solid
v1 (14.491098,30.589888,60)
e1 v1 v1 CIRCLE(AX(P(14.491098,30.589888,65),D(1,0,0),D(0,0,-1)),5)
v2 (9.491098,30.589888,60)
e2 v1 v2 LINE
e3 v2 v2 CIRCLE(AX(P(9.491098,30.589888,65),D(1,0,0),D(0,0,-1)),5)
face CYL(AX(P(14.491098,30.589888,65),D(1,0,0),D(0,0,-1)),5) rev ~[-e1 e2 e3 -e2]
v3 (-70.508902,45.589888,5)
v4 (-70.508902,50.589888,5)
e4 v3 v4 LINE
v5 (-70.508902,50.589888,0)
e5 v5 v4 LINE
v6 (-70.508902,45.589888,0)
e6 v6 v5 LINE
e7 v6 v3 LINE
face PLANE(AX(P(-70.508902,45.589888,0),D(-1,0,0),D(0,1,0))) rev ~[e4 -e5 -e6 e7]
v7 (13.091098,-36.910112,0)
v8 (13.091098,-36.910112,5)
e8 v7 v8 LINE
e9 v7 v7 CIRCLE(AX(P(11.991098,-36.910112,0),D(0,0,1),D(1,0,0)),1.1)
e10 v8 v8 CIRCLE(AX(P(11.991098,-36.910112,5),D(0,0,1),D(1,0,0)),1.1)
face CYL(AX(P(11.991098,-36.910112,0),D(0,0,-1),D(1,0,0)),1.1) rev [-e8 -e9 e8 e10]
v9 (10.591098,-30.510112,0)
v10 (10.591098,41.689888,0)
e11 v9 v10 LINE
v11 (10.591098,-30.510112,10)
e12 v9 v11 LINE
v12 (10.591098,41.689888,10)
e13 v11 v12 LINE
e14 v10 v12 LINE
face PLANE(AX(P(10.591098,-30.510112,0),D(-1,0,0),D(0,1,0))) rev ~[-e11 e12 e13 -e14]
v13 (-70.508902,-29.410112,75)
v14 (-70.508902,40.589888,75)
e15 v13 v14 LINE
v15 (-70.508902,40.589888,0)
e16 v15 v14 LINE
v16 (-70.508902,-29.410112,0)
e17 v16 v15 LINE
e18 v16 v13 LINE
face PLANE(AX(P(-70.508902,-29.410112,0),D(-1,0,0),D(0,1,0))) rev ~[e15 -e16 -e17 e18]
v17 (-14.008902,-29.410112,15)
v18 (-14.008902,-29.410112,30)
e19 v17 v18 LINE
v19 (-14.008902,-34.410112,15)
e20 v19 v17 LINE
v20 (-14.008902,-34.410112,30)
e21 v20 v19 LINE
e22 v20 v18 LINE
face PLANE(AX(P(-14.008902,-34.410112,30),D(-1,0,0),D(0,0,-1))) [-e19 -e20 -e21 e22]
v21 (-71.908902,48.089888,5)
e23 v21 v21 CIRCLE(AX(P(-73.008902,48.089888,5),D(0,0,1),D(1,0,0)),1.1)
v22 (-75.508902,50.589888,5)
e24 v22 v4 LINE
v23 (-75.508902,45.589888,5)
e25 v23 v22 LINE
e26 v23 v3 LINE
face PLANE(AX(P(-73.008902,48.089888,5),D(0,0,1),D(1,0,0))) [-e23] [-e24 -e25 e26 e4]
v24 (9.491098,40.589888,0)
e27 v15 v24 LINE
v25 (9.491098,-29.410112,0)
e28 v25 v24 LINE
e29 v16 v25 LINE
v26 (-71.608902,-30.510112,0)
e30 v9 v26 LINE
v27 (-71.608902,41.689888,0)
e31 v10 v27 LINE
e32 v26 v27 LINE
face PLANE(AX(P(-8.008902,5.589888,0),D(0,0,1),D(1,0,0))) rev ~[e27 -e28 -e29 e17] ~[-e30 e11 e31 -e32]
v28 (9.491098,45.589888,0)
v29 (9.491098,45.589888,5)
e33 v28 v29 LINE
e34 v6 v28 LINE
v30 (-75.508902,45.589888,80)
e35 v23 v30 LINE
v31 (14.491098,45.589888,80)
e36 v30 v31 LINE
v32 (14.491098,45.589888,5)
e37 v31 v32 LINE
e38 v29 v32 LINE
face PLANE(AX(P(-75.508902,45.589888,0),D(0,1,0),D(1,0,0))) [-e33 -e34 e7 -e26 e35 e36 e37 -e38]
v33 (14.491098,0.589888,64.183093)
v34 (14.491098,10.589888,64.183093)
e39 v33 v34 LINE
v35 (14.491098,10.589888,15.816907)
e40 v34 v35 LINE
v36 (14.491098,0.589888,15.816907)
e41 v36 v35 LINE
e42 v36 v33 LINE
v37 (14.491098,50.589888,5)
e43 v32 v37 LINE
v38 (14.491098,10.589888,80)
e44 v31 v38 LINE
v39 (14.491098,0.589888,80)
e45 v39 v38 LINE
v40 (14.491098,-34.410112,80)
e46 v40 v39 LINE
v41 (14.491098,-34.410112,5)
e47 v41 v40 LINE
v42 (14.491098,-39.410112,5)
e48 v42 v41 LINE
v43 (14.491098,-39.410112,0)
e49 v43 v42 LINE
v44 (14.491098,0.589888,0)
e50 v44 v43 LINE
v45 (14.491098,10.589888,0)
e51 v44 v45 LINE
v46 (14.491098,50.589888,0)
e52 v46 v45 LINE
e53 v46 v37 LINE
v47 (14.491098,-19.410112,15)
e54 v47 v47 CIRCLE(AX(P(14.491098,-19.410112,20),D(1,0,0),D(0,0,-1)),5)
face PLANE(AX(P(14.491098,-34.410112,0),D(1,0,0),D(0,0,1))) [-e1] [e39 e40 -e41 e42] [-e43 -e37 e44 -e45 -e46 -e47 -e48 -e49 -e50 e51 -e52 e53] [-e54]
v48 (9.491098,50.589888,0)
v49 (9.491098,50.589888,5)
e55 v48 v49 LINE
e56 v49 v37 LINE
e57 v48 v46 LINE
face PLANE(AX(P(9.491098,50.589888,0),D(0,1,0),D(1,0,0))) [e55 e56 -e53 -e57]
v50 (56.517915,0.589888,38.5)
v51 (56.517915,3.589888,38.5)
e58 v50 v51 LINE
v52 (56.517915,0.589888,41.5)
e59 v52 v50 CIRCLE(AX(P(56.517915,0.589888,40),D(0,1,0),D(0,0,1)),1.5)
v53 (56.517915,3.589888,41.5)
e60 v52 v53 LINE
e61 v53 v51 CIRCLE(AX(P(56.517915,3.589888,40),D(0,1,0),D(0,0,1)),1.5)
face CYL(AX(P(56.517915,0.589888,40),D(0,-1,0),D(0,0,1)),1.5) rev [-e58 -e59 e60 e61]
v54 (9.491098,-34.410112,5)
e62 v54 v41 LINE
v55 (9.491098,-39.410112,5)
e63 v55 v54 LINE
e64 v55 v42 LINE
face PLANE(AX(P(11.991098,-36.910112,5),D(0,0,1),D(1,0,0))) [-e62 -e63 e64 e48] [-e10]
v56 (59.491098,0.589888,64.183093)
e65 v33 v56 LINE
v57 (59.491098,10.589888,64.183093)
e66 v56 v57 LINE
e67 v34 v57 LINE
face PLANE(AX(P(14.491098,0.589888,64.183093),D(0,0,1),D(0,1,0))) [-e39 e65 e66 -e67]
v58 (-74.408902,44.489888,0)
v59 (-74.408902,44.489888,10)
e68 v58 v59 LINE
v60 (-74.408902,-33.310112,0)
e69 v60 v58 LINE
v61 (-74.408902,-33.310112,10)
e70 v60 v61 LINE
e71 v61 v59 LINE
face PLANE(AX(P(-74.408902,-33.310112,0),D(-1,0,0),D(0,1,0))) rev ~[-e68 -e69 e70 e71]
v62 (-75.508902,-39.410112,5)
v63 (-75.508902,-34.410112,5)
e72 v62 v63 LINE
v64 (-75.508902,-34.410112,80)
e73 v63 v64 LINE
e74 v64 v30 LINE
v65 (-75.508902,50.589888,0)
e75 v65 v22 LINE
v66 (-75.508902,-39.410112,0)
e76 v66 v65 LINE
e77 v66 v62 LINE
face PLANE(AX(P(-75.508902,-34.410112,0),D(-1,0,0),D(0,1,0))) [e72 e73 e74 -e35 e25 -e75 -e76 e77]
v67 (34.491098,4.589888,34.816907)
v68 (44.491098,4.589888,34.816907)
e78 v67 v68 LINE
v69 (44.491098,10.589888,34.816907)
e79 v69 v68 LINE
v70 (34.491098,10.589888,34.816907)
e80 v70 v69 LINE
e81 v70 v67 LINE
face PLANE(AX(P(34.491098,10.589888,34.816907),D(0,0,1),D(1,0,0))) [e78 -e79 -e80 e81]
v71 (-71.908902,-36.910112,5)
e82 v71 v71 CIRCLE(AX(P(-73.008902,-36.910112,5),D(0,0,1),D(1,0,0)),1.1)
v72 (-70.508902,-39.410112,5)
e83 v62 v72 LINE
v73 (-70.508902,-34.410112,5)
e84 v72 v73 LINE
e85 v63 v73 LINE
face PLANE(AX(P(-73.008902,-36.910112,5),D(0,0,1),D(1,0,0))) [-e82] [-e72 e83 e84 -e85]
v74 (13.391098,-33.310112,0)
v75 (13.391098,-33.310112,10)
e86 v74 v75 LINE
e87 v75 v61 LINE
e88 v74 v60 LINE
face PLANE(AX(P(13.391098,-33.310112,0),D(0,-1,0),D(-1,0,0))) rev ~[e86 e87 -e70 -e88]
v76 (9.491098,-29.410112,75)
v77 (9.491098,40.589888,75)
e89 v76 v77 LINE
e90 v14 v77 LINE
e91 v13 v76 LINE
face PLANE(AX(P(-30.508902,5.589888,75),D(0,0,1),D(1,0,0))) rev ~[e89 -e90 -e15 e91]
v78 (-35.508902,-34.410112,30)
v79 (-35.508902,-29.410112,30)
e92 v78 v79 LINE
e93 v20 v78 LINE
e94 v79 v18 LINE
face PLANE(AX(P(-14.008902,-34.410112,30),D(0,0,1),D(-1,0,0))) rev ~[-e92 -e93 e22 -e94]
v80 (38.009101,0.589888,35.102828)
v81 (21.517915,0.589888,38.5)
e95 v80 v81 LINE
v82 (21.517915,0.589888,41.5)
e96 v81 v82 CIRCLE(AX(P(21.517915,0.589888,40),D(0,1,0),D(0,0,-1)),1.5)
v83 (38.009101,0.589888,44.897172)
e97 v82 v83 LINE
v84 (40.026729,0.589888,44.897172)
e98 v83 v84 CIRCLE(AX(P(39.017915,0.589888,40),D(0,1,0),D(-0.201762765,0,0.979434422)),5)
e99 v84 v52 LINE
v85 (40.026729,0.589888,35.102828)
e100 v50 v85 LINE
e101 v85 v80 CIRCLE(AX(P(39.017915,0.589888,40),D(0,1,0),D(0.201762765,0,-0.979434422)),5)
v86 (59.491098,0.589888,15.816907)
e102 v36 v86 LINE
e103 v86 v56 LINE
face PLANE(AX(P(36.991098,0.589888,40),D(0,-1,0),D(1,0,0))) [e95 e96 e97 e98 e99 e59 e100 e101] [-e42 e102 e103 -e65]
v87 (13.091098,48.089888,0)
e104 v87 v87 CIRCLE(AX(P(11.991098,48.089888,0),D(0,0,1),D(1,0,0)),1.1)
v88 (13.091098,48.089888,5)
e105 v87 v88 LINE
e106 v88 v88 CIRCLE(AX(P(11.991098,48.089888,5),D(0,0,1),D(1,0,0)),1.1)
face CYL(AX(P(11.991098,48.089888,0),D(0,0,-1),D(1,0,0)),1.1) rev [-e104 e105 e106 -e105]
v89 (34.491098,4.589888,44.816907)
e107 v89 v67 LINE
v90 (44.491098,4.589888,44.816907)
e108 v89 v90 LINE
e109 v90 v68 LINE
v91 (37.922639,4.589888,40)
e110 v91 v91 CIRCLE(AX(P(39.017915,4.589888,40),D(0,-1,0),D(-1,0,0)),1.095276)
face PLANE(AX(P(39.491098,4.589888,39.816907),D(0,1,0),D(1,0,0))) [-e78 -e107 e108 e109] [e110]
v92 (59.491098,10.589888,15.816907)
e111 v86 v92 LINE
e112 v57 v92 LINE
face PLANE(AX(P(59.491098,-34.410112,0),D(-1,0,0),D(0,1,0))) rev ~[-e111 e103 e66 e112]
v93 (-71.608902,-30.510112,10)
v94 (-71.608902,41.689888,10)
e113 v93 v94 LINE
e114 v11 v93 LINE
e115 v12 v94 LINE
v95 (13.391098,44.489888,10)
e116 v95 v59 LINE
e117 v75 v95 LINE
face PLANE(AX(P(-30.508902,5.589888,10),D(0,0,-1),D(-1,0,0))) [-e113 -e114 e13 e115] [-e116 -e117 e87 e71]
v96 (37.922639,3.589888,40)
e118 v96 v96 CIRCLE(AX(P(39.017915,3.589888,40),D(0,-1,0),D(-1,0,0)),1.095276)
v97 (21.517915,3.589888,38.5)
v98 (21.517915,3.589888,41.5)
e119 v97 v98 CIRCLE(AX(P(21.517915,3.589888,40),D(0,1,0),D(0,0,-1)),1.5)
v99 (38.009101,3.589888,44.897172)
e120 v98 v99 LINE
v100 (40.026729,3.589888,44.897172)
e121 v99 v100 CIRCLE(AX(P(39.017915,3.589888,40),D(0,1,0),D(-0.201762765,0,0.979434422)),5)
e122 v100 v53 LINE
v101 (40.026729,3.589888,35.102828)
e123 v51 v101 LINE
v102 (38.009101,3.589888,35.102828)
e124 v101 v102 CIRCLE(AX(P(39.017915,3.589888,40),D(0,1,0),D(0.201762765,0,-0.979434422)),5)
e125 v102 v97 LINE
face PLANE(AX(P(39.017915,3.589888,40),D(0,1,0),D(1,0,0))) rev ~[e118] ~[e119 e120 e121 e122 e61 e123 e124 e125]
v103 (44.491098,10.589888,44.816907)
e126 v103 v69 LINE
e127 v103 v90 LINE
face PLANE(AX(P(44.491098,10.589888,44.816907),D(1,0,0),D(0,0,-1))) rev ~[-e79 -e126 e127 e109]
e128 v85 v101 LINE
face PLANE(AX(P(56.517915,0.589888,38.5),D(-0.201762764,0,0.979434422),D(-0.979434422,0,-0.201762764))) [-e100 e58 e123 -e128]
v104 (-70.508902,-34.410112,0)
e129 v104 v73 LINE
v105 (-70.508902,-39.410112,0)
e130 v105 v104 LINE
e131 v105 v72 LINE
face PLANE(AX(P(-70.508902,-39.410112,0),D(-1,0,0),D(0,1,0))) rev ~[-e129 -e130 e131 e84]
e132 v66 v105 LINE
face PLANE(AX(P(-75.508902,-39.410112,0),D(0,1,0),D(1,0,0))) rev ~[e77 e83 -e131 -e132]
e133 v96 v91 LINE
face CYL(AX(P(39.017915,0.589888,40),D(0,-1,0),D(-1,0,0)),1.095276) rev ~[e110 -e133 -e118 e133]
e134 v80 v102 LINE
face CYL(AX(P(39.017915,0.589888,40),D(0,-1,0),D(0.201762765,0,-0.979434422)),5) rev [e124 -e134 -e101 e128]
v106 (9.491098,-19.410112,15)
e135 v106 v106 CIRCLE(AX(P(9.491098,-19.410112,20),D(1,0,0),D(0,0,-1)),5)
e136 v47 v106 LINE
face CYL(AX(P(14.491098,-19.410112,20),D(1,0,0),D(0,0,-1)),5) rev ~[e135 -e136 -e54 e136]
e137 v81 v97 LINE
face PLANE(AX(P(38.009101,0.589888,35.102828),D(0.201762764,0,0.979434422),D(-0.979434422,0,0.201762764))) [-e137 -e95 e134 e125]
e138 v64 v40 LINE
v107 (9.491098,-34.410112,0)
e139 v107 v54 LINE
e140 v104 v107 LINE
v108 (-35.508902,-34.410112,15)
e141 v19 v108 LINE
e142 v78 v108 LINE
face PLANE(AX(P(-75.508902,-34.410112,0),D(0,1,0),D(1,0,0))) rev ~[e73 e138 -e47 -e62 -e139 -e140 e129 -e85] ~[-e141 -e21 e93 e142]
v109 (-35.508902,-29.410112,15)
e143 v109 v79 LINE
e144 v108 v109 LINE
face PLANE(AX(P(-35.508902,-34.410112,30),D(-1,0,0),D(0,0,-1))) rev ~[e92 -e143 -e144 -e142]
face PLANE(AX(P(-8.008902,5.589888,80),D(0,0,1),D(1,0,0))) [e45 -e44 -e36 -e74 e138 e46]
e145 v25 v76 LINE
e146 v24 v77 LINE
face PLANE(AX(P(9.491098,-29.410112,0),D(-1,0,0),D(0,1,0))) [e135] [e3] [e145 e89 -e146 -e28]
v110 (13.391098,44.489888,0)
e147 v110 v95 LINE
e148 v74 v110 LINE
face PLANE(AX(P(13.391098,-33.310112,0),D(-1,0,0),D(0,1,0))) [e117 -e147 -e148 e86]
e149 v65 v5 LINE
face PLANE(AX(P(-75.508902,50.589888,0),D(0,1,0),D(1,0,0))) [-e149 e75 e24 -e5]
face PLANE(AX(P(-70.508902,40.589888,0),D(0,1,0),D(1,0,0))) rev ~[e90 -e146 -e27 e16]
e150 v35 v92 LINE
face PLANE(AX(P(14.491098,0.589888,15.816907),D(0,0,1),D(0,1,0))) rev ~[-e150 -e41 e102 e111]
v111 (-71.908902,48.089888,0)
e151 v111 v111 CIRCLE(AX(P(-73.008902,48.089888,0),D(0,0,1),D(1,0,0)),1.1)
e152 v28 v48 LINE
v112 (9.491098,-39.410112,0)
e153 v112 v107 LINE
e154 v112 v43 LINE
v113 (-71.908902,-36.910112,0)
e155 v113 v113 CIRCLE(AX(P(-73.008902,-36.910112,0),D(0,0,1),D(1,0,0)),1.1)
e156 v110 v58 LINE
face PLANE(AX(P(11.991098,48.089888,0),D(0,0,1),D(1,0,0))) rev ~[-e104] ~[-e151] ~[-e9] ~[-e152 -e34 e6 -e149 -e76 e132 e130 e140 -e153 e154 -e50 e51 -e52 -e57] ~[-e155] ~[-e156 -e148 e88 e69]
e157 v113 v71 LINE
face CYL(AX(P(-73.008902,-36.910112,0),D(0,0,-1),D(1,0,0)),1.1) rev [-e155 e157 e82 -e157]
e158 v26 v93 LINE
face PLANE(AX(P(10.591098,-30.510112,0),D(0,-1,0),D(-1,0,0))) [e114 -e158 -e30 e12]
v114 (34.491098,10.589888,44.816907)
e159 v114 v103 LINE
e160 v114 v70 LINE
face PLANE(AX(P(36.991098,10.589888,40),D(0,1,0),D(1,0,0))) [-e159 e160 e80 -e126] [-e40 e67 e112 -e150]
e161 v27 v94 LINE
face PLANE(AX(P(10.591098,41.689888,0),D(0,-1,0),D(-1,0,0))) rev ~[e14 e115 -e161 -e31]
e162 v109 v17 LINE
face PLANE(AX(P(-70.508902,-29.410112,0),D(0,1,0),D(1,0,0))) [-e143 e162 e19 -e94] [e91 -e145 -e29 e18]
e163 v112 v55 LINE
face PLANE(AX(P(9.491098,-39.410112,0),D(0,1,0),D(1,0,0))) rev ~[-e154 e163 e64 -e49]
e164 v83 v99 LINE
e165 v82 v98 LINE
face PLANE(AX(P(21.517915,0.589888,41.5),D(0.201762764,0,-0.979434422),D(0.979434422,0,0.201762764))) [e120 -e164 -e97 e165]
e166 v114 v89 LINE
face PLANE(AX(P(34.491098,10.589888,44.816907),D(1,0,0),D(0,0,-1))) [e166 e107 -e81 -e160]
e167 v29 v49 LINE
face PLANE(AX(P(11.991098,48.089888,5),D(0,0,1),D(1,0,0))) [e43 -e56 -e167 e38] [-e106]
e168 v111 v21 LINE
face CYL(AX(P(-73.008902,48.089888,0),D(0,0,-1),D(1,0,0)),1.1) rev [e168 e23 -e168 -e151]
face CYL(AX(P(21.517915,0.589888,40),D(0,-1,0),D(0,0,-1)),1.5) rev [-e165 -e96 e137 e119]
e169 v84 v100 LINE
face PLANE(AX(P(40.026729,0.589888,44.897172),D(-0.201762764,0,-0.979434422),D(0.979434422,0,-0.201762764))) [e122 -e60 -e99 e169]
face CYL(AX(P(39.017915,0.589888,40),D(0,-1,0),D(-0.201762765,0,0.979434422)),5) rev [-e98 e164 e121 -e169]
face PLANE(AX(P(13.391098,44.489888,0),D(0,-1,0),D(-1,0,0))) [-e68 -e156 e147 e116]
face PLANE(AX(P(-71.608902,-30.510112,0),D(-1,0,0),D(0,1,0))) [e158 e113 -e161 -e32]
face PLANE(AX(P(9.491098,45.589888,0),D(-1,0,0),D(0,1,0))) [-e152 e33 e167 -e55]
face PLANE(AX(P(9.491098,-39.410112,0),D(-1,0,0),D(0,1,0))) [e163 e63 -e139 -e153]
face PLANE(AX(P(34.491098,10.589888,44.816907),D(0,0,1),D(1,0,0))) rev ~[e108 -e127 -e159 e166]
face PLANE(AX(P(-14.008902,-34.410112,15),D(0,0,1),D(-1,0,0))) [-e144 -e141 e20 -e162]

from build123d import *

# Parameters (mm, degrees)
SKETCH_1_W           = 135
SKETCH_1_H           = 80
EXTRUDE_1_DEPTH      = 80
SKETCH_6_W           = 45
SKETCH_6_H           = 80
CUT_EXTRUDE_1_DEPTH  = 35
SKETCH_5_W           = 45
SKETCH_5_H           = 80
CUT_EXTRUDE_2_DEPTH  = 35
SKETCH_7_W           = 80
SKETCH_7_H           = 70
CUT_EXTRUDE_3_DEPTH  = 75
SKETCH_8_W           = 87.8
SKETCH_8_H           = 77.8
SKETCH_8_W_2         = 82.2
SKETCH_8_H_2         = 72.2
CUT_EXTRUDE_4_DEPTH  = 10
SKETCH_9_R           = 5
CUT_EXTRUDE_5_DEPTH  = 32.4
SKETCH_10_W          = 21.5
SKETCH_10_H          = 15
CUT_EXTRUDE_6_DEPTH  = 10
SKETCH_12_W          = 15.816906699
SKETCH_12_H          = 10
CUT_EXTRUDE_7_DEPTH  = 45
CUT_EXTRUDE_8_DEPTH  = 3
SKETCH_15_W          = 10
SKETCH_15_H          = 10
CUT_EXTRUDE_9_DEPTH  = 6
SKETCH_17_R          = 1.095275866
CUT_EXTRUDE_11_DEPTH = 7
SKETCH_18_W          = 5
SKETCH_18_H          = 5
SKETCH_18_R          = 1.1
EXTRUDE_2_DEPTH      = 5


with BuildPart() as part:
    # 草圖1 → 填料-伸長1 (new body)
    with BuildSketch(Plane.XY):
        with Locations((-8.008902174, 5.58988764)):
            Rectangle(SKETCH_1_W, SKETCH_1_H)
    extrude(amount=EXTRUDE_1_DEPTH)

    # 草圖6 → 除料-伸長1 (cut)
    with BuildSketch(Plane(origin=(0, 45.58988764, 0), x_dir=(1, 0, 0), z_dir=(0, 1, 0))):
        with Locations((36.991097826, -40)):
            Rectangle(SKETCH_6_W, SKETCH_6_H)
    extrude(amount=-CUT_EXTRUDE_1_DEPTH, mode=Mode.SUBTRACT)

    # 草圖5 → 除料-伸長2 (cut)
    with BuildSketch(Plane.XZ.offset(34.41011236)):
        with Locations((36.991097826, 40)):
            Rectangle(SKETCH_5_W, SKETCH_5_H)
    extrude(amount=-CUT_EXTRUDE_2_DEPTH, mode=Mode.SUBTRACT)

    # 草圖7 → 除料-伸長3 (cut)
    with BuildSketch(Plane.XY):
        with Locations((-30.508902174, 5.58988764)):
            Rectangle(SKETCH_7_W, SKETCH_7_H)
    extrude(amount=CUT_EXTRUDE_3_DEPTH, mode=Mode.SUBTRACT)

    # 草圖8 → 除料-伸長4 (cut)
    with BuildSketch(Plane(origin=(0, 0, 0), x_dir=(-1, 0, 0), z_dir=(0, 0, -1))):
        with Locations((30.508902174, 5.58988764)):
            Rectangle(SKETCH_8_W, SKETCH_8_H)
        with Locations((30.508902174, 5.58988764)):
            Rectangle(SKETCH_8_W_2, SKETCH_8_H_2, mode=Mode.SUBTRACT)
    extrude(amount=-CUT_EXTRUDE_4_DEPTH, mode=Mode.SUBTRACT)

    # 草圖9 → 除料-伸長5 (cut)
    with BuildSketch(Plane(origin=(14.491097826, 0, 0), x_dir=(0, 0, -1), z_dir=(1, 0, 0))):
        with Locations((-65, 30.58988764)):
            Circle(SKETCH_9_R)
        with Locations((-20, -19.41011236)):
            Circle(SKETCH_9_R)
    extrude(amount=-CUT_EXTRUDE_5_DEPTH, mode=Mode.SUBTRACT)

    # 草圖10 → 除料-伸長6 (cut)
    with BuildSketch(Plane(origin=(0, -34.41011236, 0), x_dir=(-1, 0, 0), z_dir=(0, -1, 0))):
        with Locations((24.758902174, -22.5)):
            Rectangle(SKETCH_10_W, SKETCH_10_H)
    extrude(amount=-CUT_EXTRUDE_6_DEPTH, mode=Mode.SUBTRACT)

    # 草圖12 → 除料-伸長7 (cut)
    with BuildSketch(Plane(origin=(14.491097826, 0, 0), x_dir=(0, 0, -1), z_dir=(1, 0, 0))):
        with Locations((-72.09154665, 5.58988764)):
            Rectangle(SKETCH_12_W, SKETCH_12_H)
        with Locations((-7.90845335, 5.58988764)):
            Rectangle(SKETCH_12_W, SKETCH_12_H)
    extrude(amount=CUT_EXTRUDE_7_DEPTH, mode=Mode.SUBTRACT)

    # 草圖14 → 除料-伸長8 (cut)
    with BuildSketch(Plane(origin=(0, 0.58988764, 0), x_dir=(-1, 0, 0), z_dir=(0, -1, 0))):
        with BuildLine():
            Line((-38.009101008, -35.10282789), (-21.517914827, -38.5))
            ThreePointArc((-21.517914827, -38.5), (-20.017914827, -40), (-21.517914827, -41.5))
            Line((-21.517914827, -41.5), (-38.009101008, -44.89717211))
            ThreePointArc((-38.009101008, -44.89717211), (-39.017914827, -45), (-40.026728646, -44.89717211))
            Line((-40.026728646, -44.89717211), (-56.517914827, -41.5))
            ThreePointArc((-56.517914827, -41.5), (-58.017914827, -40), (-56.517914827, -38.5))
            Line((-56.517914827, -38.5), (-40.026728646, -35.10282789))
            ThreePointArc((-40.026728646, -35.10282789), (-39.017914827, -35), (-38.009101008, -35.10282789))
        make_face()
    extrude(amount=-CUT_EXTRUDE_8_DEPTH, mode=Mode.SUBTRACT)

    # 草圖15 → 除料-伸長9 (cut)
    with BuildSketch(Plane(origin=(0, 10.58988764, 0), x_dir=(1, 0, 0), z_dir=(0, 1, 0))):
        with Locations((39.491097826, -39.816906699)):
            Rectangle(SKETCH_15_W, SKETCH_15_H)
    extrude(amount=-CUT_EXTRUDE_9_DEPTH, mode=Mode.SUBTRACT)

    # 草圖17 → 除料-伸長11 (cut)
    with BuildSketch(Plane(origin=(0, 0.58988764, 0), x_dir=(-1, 0, 0), z_dir=(0, -1, 0))):
        with Locations((-39.017914827, -40)):
            Circle(SKETCH_17_R)
    extrude(amount=-CUT_EXTRUDE_11_DEPTH, mode=Mode.SUBTRACT)

    # 草圖18 → 填料-伸長2 (add)
    with BuildSketch(Plane.XY):
        with Locations((11.991097826, 48.08988764)):
            Rectangle(SKETCH_18_W, SKETCH_18_H)
        with Locations((11.991097826, 48.08988764)):
            Circle(SKETCH_18_R, mode=Mode.SUBTRACT)
        with Locations((-73.008902174, 48.08988764)):
            Rectangle(SKETCH_18_W, SKETCH_18_H)
        with Locations((-73.008902174, 48.08988764)):
            Circle(SKETCH_18_R, mode=Mode.SUBTRACT)
        with Locations((-73.008902174, -36.91011236)):
            Rectangle(SKETCH_18_W, SKETCH_18_H)
        with Locations((-73.008902174, -36.91011236)):
            Circle(SKETCH_18_R, mode=Mode.SUBTRACT)
        with Locations((11.991097826, -36.91011236)):
            Rectangle(SKETCH_18_W, SKETCH_18_H)
        with Locations((11.991097826, -36.91011236)):
            Circle(SKETCH_18_R, mode=Mode.SUBTRACT)
    extrude(amount=EXTRUDE_2_DEPTH)


solid = part.part
